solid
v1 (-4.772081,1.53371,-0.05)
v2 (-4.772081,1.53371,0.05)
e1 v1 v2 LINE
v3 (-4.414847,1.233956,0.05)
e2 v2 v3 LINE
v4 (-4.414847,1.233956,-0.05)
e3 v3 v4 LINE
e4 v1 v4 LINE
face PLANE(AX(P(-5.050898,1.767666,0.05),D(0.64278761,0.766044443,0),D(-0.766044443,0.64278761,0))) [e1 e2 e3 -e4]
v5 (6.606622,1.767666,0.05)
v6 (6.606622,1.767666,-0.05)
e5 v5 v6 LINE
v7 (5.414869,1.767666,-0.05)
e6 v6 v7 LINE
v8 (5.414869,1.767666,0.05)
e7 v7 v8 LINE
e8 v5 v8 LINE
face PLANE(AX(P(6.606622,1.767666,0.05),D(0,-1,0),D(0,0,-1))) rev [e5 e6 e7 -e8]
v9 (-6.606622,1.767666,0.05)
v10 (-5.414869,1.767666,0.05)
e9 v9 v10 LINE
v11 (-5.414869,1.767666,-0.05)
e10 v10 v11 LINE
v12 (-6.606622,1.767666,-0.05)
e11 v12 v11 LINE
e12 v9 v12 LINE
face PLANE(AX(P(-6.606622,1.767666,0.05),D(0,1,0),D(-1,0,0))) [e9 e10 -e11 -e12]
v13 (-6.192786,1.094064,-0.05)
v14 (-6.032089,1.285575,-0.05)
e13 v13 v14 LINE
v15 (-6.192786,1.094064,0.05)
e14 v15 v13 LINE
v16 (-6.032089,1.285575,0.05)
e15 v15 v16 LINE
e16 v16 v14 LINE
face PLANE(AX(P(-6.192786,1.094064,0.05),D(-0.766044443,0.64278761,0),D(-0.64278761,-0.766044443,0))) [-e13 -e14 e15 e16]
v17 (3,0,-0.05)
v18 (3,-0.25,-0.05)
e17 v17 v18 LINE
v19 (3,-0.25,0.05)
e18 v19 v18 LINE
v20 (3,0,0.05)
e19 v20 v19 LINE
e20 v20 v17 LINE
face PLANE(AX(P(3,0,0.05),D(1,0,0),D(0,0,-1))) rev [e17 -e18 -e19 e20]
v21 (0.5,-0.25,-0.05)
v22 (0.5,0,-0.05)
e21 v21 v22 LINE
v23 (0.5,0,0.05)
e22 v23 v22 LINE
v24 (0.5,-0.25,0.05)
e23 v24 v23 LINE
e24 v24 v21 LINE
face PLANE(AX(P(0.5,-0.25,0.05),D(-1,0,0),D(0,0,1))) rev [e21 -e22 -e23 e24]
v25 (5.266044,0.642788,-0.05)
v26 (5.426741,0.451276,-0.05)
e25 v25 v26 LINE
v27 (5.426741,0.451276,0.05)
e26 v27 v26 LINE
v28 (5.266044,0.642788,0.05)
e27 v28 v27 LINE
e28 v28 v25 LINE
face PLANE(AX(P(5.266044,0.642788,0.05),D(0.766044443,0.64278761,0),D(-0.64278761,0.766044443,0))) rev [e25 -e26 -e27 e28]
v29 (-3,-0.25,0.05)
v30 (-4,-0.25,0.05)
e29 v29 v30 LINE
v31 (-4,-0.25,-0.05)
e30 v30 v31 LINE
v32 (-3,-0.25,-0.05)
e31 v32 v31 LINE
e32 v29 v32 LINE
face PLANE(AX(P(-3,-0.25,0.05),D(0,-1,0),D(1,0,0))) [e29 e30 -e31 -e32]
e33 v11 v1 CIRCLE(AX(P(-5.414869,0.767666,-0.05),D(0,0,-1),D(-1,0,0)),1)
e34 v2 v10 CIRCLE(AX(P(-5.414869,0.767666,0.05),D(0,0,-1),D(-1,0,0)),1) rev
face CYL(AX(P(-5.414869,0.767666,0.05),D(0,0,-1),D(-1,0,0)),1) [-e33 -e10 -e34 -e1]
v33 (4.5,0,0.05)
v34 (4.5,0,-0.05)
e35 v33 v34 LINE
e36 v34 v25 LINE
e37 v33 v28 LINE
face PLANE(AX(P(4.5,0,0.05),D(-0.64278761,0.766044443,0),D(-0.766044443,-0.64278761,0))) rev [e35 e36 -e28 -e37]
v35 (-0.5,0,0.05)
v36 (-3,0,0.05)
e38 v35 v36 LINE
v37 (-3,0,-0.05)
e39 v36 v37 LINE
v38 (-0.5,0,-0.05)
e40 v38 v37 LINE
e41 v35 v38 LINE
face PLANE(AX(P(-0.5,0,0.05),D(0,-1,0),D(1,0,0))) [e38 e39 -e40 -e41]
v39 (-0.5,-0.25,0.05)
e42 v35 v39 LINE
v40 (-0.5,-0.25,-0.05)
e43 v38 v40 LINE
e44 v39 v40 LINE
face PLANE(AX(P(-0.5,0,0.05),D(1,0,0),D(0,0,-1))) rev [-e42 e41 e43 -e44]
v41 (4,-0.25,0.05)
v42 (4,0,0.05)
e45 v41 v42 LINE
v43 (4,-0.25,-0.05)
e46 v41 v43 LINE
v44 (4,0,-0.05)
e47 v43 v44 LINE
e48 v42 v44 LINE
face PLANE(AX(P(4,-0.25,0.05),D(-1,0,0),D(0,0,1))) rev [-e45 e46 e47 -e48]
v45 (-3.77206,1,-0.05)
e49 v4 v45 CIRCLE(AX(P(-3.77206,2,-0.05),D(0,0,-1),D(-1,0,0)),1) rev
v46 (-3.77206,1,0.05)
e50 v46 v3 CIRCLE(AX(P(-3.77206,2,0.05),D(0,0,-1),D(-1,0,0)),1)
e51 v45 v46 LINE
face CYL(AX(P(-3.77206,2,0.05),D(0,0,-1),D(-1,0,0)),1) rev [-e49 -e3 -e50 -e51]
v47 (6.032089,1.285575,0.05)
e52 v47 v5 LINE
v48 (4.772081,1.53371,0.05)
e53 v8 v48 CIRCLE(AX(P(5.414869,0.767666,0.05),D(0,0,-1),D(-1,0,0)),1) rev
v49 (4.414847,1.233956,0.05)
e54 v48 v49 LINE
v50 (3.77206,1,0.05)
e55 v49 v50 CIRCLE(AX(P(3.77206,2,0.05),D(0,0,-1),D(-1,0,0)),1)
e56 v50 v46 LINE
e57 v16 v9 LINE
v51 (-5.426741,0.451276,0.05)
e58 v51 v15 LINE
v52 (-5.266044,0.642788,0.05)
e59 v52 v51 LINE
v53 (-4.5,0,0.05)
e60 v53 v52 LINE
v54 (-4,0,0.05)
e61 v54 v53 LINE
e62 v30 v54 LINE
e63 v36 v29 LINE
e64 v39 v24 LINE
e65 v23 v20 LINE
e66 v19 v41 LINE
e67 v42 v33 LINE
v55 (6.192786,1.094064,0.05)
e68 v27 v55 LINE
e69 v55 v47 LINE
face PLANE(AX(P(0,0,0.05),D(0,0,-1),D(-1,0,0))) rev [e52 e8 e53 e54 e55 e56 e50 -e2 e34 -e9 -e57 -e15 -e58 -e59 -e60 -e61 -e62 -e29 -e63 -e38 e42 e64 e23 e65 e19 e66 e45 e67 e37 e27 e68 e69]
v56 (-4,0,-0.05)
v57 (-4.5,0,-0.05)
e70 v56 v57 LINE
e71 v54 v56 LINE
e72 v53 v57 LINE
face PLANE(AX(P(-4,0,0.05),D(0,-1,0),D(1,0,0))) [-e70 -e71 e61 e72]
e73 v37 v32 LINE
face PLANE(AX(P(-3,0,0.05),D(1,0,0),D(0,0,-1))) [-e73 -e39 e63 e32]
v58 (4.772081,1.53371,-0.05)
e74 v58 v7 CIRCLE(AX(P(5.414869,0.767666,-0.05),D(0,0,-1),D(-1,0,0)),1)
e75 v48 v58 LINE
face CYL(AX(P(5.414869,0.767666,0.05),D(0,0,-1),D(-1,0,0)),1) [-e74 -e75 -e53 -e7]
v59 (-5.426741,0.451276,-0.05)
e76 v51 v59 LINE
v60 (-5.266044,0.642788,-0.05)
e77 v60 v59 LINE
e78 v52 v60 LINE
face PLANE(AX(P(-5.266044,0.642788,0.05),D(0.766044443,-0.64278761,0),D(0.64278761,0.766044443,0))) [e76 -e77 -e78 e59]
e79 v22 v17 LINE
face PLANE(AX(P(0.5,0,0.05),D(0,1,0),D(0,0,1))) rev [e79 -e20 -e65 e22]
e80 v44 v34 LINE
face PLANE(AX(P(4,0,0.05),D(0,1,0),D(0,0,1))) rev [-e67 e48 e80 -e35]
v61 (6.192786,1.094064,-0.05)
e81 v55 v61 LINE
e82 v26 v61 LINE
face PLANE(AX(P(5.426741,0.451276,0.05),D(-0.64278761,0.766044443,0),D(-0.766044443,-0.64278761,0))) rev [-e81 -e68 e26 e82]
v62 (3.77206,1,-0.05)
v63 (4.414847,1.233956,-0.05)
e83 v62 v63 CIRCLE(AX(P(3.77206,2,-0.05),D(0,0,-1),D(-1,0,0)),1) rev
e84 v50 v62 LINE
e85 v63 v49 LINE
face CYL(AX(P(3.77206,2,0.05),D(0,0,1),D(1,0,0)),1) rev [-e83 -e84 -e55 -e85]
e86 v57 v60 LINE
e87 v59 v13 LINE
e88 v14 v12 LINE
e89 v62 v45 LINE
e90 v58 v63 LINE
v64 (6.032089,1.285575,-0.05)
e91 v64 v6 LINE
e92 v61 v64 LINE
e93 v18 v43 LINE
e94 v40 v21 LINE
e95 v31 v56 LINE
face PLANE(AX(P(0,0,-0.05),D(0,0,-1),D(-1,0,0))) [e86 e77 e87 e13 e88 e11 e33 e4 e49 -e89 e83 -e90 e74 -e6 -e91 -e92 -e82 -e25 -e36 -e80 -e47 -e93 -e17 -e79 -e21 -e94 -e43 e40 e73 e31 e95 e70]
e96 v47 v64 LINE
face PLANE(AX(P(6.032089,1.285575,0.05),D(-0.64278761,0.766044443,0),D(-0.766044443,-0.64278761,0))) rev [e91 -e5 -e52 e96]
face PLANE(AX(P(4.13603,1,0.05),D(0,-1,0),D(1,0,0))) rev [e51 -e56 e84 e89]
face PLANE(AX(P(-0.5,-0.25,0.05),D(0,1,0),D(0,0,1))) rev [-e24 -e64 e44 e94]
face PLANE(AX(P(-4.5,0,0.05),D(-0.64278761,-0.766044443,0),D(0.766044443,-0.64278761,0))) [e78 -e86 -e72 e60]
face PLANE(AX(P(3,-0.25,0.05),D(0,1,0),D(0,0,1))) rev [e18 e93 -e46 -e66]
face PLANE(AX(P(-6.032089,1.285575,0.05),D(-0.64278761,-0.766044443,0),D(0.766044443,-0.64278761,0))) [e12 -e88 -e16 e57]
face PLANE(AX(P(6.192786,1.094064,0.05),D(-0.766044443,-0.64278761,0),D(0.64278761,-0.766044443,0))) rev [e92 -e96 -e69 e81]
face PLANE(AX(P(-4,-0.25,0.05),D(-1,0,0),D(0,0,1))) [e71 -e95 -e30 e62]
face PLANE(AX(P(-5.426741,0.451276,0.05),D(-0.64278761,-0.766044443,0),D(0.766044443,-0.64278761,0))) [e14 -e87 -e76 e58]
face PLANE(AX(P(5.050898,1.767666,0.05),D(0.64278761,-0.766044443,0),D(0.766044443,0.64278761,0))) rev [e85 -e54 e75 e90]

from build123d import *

# Parameters (mm, degrees)
BOSS_EXTRUDE1_DEPTH = 0.05
FILLET1_R           = 1


with BuildPart() as part:
    # frame_outline → Boss-Extrude1 (new, symmetric)
    with BuildSketch(Plane.XY):
        Polygon((0.5, 0), (3, 0), (3, -0.25), (4, -0.25), (4, 0), (4.5, 0), (5.266044443, 0.64278761), (5.426741346, 0.451276499), (6.192785789, 1.094064109), (6.032088886, 1.285575219), (6.606622219, 1.767665927), (5.050898392, 1.767665927), (4.136029766, 1), (-4.136029766, 1), (-5.050898392, 1.767665927), (-6.606622219, 1.767665927), (-6.032088886, 1.285575219), (-6.192785789, 1.094064109), (-5.426741346, 0.451276499), (-5.266044443, 0.64278761), (-4.5, 0), (-4, 0), (-4, -0.25), (-3, -0.25), (-3, 0), (-0.5, 0), (-0.5, -0.25), (0.5, -0.25), align=None)
    extrude(amount=BOSS_EXTRUDE1_DEPTH, both=True)

    # Fillet1
    fillet1_edges = [part.edges().sort_by_distance(p)[0] for p in [
        (-5.050898392, 1.767665927, 0),
        (-4.136029766, 1, 0),
        (4.136029766, 1, 0),
        (5.050898392, 1.767665927, 0),
    ]]
    fillet(fillet1_edges, radius=FILLET1_R)


solid = part.part
